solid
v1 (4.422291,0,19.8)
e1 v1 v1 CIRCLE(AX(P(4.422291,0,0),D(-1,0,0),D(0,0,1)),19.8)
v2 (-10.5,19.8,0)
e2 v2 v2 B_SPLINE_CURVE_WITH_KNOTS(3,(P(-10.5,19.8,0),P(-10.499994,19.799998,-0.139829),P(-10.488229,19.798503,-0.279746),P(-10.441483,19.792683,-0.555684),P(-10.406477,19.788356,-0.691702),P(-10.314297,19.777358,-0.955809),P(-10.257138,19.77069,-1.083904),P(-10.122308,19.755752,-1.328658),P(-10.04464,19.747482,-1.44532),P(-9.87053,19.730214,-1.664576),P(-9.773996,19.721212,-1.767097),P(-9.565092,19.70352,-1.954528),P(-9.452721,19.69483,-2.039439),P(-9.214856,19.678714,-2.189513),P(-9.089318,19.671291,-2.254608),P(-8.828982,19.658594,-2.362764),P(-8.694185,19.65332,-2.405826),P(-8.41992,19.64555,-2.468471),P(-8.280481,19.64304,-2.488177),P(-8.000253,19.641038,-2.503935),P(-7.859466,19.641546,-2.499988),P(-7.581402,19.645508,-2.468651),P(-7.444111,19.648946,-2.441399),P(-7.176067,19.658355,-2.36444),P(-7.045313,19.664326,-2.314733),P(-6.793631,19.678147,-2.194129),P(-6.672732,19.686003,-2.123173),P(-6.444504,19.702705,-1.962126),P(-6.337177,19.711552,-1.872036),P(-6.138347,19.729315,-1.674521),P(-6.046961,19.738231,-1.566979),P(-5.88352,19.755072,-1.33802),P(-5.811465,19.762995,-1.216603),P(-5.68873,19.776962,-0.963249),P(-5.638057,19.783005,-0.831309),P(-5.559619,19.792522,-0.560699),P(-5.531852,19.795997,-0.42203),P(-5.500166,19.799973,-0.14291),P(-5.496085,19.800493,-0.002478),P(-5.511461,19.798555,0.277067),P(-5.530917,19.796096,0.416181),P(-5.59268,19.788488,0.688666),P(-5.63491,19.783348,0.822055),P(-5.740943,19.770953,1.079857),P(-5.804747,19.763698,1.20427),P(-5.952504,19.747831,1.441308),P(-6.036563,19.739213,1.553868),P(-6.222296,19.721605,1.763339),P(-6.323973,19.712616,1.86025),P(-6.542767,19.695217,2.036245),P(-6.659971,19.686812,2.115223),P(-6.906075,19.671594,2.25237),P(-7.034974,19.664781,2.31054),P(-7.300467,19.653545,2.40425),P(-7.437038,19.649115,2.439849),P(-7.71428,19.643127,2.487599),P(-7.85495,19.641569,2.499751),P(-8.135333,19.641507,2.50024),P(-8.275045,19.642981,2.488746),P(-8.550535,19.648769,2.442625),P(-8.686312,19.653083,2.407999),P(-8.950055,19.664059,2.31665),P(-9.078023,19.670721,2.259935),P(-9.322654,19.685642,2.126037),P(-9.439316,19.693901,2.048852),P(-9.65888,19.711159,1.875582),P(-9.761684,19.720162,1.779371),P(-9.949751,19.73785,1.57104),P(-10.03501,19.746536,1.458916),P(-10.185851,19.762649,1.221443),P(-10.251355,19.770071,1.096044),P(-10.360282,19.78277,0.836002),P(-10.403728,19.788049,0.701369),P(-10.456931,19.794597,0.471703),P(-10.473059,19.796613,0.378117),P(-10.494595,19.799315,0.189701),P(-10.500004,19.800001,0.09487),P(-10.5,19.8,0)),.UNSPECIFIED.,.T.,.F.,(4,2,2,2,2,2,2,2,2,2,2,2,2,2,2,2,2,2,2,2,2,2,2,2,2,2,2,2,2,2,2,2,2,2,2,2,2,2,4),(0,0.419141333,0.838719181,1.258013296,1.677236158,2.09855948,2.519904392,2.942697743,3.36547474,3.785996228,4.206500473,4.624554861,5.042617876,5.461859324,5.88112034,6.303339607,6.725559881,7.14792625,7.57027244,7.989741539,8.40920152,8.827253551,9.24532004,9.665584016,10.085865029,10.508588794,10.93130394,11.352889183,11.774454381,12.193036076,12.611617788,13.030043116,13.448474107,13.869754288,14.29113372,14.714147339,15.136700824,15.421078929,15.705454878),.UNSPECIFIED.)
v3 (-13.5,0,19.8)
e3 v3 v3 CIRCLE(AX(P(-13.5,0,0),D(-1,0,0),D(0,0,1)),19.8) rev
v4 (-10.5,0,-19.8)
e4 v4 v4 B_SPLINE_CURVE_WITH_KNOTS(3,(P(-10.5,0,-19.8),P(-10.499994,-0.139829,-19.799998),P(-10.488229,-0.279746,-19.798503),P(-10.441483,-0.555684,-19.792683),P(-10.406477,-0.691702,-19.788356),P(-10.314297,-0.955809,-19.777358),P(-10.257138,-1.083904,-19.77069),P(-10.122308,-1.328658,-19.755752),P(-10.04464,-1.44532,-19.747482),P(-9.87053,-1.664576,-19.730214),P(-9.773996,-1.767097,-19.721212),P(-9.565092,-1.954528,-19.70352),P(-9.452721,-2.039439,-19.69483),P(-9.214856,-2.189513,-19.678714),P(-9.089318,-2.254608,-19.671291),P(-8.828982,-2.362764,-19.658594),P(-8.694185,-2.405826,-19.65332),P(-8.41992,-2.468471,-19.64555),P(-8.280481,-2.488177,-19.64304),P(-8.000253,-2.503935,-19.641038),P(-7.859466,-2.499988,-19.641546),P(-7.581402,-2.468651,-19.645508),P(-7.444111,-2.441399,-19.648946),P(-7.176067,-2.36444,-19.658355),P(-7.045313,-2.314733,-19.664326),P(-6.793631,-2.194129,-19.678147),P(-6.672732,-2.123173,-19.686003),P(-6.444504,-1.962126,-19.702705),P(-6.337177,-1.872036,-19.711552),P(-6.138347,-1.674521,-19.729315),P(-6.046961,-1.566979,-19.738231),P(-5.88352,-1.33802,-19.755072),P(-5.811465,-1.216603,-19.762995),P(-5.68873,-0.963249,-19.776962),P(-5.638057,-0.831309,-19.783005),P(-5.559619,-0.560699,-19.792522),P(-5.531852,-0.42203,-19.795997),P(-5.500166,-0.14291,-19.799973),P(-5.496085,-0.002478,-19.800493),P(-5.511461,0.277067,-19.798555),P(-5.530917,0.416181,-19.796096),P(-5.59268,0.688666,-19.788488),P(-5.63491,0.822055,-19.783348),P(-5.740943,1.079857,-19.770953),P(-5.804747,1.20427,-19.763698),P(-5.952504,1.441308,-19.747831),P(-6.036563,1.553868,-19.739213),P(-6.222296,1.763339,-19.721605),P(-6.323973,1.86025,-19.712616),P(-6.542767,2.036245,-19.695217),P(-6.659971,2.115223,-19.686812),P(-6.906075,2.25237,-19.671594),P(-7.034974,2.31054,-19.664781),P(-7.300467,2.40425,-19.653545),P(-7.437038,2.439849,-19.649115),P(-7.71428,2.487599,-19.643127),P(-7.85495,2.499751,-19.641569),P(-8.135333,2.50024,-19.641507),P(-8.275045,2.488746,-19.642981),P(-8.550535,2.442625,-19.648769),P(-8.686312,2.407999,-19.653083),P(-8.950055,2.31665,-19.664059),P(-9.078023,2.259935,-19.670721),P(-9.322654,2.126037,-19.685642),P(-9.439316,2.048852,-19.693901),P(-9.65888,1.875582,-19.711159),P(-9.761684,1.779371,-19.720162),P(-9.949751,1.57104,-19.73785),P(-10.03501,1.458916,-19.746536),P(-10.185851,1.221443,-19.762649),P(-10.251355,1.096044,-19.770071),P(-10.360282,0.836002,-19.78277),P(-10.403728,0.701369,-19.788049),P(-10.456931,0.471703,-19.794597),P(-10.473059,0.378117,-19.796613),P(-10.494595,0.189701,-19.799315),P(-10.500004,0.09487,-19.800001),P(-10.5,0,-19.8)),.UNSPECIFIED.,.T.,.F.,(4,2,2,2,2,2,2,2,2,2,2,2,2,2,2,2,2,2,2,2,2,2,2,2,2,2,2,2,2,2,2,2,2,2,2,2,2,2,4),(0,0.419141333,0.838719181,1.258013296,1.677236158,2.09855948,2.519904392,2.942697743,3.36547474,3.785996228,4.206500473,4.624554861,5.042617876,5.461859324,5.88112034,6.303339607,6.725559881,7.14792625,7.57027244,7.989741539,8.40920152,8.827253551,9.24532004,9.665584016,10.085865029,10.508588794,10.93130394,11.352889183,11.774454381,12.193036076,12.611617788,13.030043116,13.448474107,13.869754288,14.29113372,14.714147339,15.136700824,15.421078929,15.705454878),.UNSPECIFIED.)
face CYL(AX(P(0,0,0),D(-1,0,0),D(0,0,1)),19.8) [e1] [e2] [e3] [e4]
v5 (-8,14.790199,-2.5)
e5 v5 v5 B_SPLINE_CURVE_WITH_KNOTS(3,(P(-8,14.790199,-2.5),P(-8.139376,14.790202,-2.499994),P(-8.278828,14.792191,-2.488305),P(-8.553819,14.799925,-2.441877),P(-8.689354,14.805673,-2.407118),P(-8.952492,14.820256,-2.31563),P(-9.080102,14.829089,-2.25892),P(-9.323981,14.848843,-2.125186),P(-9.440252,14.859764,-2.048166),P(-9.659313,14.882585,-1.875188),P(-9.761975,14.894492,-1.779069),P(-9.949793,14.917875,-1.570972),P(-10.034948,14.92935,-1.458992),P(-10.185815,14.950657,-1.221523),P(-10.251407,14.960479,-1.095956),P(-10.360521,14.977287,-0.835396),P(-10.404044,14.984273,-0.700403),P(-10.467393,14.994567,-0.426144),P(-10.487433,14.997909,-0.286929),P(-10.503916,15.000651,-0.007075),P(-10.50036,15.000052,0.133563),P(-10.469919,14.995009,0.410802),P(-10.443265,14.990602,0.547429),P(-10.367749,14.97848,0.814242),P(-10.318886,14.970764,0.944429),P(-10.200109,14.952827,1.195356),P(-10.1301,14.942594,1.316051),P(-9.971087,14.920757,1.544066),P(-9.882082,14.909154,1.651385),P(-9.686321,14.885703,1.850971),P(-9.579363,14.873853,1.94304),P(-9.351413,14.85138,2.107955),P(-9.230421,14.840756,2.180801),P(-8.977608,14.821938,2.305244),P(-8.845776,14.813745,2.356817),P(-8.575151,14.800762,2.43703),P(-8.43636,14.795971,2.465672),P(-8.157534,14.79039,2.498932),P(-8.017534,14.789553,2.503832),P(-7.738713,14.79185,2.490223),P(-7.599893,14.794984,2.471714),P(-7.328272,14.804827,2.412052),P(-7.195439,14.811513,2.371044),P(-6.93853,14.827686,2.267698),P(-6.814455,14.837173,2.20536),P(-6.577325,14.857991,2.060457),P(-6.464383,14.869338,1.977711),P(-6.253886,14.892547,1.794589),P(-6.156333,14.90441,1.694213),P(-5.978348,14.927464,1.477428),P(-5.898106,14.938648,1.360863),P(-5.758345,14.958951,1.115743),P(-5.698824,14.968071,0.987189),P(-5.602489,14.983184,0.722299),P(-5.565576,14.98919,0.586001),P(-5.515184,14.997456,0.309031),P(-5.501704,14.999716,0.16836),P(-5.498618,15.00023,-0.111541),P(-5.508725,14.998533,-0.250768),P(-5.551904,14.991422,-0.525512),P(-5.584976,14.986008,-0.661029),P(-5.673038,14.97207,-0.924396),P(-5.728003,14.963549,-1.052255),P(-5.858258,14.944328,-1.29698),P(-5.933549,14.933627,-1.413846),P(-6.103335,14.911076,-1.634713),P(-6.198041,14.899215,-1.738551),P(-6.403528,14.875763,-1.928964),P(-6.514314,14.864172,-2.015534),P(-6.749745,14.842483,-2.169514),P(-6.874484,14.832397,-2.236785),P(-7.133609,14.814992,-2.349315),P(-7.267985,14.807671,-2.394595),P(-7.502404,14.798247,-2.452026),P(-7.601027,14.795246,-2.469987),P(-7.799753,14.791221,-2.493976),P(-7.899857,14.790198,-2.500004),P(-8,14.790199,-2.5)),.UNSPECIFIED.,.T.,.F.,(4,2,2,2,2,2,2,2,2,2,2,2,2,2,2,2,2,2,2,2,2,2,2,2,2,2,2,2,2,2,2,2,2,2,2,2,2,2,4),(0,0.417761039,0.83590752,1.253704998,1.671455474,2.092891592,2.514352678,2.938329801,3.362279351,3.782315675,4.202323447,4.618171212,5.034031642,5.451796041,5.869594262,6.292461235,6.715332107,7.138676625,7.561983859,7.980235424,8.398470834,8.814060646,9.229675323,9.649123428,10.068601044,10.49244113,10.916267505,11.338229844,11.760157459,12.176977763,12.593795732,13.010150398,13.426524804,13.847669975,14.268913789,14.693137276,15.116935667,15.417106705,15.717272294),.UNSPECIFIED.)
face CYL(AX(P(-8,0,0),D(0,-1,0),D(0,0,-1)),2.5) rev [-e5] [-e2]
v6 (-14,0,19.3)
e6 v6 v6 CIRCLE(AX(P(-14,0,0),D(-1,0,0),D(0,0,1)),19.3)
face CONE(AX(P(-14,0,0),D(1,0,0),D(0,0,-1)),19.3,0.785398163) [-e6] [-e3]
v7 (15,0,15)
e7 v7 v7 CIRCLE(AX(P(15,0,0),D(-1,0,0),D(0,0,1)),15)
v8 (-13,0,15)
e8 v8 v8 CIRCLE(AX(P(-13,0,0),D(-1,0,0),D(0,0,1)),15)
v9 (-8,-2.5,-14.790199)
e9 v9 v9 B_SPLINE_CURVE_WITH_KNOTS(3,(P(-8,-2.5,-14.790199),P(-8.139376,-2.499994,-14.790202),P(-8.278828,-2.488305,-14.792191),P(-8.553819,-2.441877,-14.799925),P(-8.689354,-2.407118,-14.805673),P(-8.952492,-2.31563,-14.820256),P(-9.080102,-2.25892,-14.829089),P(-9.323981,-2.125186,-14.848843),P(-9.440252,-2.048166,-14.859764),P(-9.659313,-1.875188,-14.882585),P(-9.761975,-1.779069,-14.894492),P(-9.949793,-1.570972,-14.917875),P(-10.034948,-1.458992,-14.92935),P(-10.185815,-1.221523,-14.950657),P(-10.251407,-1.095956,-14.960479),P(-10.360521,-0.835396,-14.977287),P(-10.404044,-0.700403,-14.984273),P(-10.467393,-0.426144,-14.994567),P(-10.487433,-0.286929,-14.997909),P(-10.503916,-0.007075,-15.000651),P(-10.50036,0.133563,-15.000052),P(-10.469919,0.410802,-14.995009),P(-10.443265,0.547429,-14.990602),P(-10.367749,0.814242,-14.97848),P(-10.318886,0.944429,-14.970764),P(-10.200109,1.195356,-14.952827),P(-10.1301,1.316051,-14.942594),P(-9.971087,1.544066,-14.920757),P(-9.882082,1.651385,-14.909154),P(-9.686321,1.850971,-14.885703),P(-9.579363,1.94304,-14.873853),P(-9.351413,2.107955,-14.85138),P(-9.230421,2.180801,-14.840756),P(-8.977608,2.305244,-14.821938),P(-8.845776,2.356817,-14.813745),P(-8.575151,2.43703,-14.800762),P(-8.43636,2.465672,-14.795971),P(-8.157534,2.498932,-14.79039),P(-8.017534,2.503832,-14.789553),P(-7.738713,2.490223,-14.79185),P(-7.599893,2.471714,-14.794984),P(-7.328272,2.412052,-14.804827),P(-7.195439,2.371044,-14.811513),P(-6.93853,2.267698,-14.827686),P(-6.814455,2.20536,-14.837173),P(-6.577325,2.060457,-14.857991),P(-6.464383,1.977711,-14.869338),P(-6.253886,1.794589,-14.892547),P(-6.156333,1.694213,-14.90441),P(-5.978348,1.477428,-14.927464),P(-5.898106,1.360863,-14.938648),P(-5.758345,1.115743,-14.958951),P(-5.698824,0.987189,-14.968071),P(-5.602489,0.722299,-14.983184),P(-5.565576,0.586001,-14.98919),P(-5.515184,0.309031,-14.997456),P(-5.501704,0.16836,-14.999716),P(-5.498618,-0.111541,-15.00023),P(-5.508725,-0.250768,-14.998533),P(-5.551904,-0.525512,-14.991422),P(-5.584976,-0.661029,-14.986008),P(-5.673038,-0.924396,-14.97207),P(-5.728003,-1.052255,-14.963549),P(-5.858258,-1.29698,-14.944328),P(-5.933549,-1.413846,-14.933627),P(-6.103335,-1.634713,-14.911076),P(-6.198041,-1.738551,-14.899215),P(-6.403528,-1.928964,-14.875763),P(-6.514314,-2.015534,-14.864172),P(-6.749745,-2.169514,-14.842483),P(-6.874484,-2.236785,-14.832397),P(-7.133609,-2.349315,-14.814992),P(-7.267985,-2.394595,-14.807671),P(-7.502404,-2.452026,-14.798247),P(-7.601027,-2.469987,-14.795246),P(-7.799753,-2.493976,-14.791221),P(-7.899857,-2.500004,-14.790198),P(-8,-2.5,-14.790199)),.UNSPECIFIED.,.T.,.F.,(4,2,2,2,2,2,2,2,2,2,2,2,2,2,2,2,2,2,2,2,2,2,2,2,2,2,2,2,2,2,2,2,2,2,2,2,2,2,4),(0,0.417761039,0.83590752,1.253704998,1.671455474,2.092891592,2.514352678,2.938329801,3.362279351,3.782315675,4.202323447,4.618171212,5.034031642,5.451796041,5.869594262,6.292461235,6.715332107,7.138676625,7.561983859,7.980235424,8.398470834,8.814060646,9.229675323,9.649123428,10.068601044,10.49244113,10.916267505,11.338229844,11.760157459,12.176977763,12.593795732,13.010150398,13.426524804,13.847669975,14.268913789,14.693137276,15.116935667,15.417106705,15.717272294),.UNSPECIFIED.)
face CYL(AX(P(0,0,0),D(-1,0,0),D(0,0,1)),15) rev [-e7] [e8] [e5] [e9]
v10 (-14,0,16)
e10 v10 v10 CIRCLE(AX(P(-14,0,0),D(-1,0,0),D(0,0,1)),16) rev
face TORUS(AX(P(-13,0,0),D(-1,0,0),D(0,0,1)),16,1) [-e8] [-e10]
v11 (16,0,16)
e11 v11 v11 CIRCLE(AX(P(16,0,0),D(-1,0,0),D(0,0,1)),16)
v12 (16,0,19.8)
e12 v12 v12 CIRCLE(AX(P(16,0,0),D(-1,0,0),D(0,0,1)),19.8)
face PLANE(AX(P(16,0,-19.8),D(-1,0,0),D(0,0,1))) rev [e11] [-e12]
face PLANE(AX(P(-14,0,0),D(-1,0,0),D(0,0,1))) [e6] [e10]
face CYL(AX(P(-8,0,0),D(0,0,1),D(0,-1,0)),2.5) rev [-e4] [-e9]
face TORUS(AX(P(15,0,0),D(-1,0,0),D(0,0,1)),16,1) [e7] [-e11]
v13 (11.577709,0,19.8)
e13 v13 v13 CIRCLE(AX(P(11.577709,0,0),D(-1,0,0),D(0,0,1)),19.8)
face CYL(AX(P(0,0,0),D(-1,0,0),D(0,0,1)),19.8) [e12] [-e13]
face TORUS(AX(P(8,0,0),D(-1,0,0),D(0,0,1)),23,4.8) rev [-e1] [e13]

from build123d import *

# Parameters (mm, degrees)
EXTRUSION1_DEPTH             = 14
EXTRUSION1_DEPTH_BACK        = 2
ESQUISSE2_R                  = 19.8
ESQUISSE2_R_2                = 15
CONG_1_R                     = 1
CHANFREIN1_SIZE              = 0.5
ESQUISSE5_W                  = 2.5
ESQUISSE5_H                  = 19.8
R_P_TITION_CIRCULAIRE1_COUNT = 2
R_P_TITION_CIRCULAIRE1_ANGLE = 90


with BuildPart() as part:
    # Esquisse1 → Base-Révolution (revolve)
    with BuildSketch(Plane(origin=(0, 0, 0), x_dir=(1, 0, 0), z_dir=(0, 1, 0))):
        with BuildLine():
            Line((0, 19.8), (0, 16))
            ThreePointArc((0, 16), (0.292893219, 15.292893219), (1, 15))
            Line((1, 15), (15, 15))
            ThreePointArc((15, 15), (15.707106781, 15.292893219), (16, 16))
            Line((16, 16), (16, 19.8))
            Line((16, 19.8), (11.577708764, 19.8))
            ThreePointArc((11.577708764, 19.8), (8, 18.2), (4.422291236, 19.8))
            Line((4.422291236, 19.8), (0, 19.8))
        make_face()
    revolve(axis=Axis((0, 0, 0), (1, 0, 0)))

    # Esquisse2 → Extrusion1 (add, two sides: drawn at the far end of the back side and taken through both)
    with BuildSketch(Plane.ZY.offset(-EXTRUSION1_DEPTH_BACK)):
        Circle(ESQUISSE2_R)
        Circle(ESQUISSE2_R_2, mode=Mode.SUBTRACT)
    extrude(amount=EXTRUSION1_DEPTH + EXTRUSION1_DEPTH_BACK)

    # Congé1
    cong_1_edges = [part.edges().sort_by_distance(p)[0] for p in [
        (-14, 0, -15),
    ]]
    fillet(cong_1_edges, radius=CONG_1_R)

    # Chanfrein1
    chanfrein1_edges = [part.edges().sort_by_distance(p)[0] for p in [
        (-14, 0, -19.8),
    ]]
    chamfer(chanfrein1_edges, length=CHANFREIN1_SIZE)

    # Esquisse5 → Trou taraudé M61 (revolve, cut)
    with BuildSketch(Plane(origin=(-8, 0, 0), x_dir=(0, 0, -1), z_dir=(1, 0, 0))):
        with Locations((1.25, 9.9)):
            Rectangle(ESQUISSE5_W, ESQUISSE5_H)
    trou_taraud_m61 = revolve(axis=Axis((-8, -6.35, 0), (0, 1, 0)), mode=Mode.SUBTRACT)

    # Répétition circulaire1: Trou taraudé M61 ×2 about axis
    r_p_tition_circulaire1_axis = Axis((15, 0, 0), (-1, 0, 0))
    for i in range(1, R_P_TITION_CIRCULAIRE1_COUNT):
        add(trou_taraud_m61.rotate(r_p_tition_circulaire1_axis, i * R_P_TITION_CIRCULAIRE1_ANGLE / (R_P_TITION_CIRCULAIRE1_COUNT - 1)), mode=Mode.SUBTRACT)


solid = part.part
